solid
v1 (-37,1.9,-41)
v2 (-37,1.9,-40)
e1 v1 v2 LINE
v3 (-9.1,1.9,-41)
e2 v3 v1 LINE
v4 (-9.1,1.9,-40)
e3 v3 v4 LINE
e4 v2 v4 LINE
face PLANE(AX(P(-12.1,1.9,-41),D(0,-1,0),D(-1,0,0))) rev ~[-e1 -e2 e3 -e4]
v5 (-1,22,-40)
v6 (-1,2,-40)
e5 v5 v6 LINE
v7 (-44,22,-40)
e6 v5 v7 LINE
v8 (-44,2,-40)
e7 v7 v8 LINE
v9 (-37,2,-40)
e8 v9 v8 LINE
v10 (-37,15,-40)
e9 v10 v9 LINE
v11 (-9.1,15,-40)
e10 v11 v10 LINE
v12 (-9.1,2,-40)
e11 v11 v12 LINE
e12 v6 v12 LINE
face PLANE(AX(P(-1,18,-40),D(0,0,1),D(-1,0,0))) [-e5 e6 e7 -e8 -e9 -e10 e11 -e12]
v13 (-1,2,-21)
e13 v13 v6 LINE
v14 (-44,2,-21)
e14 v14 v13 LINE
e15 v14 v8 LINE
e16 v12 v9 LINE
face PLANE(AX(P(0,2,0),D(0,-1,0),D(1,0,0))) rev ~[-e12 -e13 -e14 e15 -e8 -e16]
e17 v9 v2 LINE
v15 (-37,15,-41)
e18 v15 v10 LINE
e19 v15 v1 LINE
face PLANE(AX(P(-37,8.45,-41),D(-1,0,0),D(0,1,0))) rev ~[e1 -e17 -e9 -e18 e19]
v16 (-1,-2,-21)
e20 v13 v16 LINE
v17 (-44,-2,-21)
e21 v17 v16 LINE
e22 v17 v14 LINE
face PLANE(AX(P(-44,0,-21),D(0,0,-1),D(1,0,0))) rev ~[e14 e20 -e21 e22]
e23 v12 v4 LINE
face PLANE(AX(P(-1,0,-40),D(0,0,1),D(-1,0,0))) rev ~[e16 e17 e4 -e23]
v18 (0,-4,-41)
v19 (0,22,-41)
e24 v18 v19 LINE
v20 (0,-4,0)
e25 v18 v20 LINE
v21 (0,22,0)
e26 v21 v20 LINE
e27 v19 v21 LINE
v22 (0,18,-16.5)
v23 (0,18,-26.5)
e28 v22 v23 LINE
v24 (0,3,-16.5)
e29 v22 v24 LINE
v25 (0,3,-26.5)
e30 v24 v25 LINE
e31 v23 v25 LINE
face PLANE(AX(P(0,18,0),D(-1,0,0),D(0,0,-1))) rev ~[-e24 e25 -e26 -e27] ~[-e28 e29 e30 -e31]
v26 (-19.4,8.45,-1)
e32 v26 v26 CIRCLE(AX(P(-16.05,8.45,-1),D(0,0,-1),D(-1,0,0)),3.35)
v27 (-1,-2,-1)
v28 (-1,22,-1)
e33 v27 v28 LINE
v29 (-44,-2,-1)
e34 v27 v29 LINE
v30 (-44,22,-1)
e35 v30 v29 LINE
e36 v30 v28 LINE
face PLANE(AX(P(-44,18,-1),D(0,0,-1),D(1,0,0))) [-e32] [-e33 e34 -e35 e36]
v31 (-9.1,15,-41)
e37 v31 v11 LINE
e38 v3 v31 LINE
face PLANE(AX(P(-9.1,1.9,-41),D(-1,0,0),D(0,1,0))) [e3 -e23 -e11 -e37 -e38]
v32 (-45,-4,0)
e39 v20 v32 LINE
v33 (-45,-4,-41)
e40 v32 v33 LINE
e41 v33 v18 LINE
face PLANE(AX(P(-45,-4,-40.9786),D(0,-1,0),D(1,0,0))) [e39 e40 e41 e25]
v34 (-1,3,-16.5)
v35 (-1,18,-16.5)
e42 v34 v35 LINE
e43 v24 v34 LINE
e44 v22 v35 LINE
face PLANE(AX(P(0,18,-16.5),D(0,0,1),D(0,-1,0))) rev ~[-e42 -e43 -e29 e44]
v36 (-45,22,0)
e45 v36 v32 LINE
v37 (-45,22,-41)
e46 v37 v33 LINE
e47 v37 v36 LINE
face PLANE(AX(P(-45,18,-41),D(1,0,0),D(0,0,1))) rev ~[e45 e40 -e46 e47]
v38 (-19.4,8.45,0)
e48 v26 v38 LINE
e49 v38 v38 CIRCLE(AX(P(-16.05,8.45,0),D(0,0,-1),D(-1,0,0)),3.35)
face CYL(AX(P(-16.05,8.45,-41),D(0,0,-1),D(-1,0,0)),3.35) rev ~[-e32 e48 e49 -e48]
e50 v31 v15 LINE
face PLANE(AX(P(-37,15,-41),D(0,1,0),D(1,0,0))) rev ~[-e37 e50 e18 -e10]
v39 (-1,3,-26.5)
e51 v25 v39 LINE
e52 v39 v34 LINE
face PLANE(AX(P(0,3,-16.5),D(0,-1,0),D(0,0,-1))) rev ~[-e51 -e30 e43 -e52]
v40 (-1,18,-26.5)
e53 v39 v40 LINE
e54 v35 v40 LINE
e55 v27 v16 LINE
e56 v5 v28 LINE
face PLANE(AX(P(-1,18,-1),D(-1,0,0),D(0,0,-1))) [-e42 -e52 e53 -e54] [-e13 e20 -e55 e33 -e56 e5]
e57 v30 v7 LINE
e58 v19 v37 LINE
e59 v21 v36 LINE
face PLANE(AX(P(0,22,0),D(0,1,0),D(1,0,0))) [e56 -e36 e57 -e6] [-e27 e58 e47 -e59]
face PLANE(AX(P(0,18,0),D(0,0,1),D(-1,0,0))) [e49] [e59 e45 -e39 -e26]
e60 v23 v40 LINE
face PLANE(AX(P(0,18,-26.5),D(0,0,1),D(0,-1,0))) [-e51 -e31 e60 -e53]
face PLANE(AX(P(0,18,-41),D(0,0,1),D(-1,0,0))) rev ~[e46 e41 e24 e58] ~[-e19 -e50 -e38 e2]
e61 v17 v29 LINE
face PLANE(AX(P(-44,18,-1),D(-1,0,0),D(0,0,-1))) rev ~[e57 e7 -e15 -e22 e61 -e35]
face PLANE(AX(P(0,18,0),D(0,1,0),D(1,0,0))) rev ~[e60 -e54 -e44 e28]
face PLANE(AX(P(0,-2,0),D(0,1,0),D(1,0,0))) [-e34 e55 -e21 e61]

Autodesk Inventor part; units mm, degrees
ref_plane "YZ Plane" through (0, 0, 0) normal (1, 0, 0) x (0, 1, 0)
ref_plane "XZ Plane" through (0, 0, 0) normal (0, 1, 0) x (-1, 0, 0)
ref_plane "XY Plane" through (0, 0, 0) normal (0, 0, 1) x (1, 0, 0)
sketch "Szkic1" plane through (0, 0, 0) normal (0, 1, 0) x (-1, 0, 0)
  line L0 (0, 0) -> (45, 0)
  line L1 (45, 0) -> (45, -41)
  line L2 (45, -41) -> (0, -41)
  line L3 (0, -41) -> (0, 0)
  line L4 (45, 0) -> (44, 0)
  line L5 (44, 0) -> (44, -1)
  line L6 (0, -41) -> (0, -40)
  line L7 (0, -40) -> (1, -40)
  line L8 (1, -40) -> (44, -40)
  line L9 (44, -40) -> (44, -1)
  line L10 (44, -1) -> (1, -1)
  line L11 (1, -1) -> (1, -40)
  dimension "d0" = 45
  dimension "d1" = 41
  dimension "d2" = 1
  dimension "d3" = 1
  dimension "d4" = 1
  dimension "d5" = 1
extrude "Wyciągnięcie proste1" add sketch "Szkic1" along normal blind 18 contours L0 L5 L10 L11 L7 L3 | L0 L1 L2 L3 L7 L8 L9 L5
sketch "Szkic2" plane through (0, 0, -41) normal (0, 0, -1) x (-1, 0, 0)
  line L0 (40, 15) -> (12.1, 15)
  line L1 (12.1, 15) -> (12.1, 1.9)
  line L2 (12.1, 1.9) -> (40, 1.9)
  line L3 (40, 1.9) -> (40, 15)
  line L4 (40, 8.45) -> (38, 8.45)
  line L5 (12.1, 8.45) -> (10.1, 8.45)
  line L6 (10.1, 8.45) -> (38, 8.45)
  line L7 (38, 8.45) -> (38, 15)
  line L8 (38, 15) -> (10.1, 15)
  line L9 (10.1, 15) -> (10.1, 8.45)
  line L10 (38, 8.45) -> (10.1, 8.45)
  line L11 (10.1, 8.45) -> (10.1, 1.9)
  line L12 (10.1, 1.9) -> (38, 1.9)
  line L13 (38, 1.9) -> (38, 8.45)
  line L14 (10.1, 1.9) -> (9.1, 1.9)
  line L15 (9.1, 1.9) -> (9.1, 15)
  line L16 (9.1, 15) -> (10.1, 15)
  line L17 (10.1, 15) -> (10.1, 1.9)
  line L18 (38, 1.9) -> (37, 1.9)
  line L19 (37, 1.9) -> (37, 15)
  line L20 (37, 15) -> (38, 15)
  line L21 (38, 15) -> (38, 1.9)
  point P0 (0, 0)
  point P1 (10.1, 15)
  dimension "d8" = 27.9
  dimension "d9" = 13.1
  dimension "d33" = 2
  dimension "d34" = 2
  dimension "d35" = 1
  dimension "d36" = 1
extrude "Wyciągnięcie proste2" cut sketch "Szkic2" against normal blind 5.25 contours L19 L6 L1 L0 | L1 L5 L9 L8 | L19 L2 L1 L6 | L1 L12 L11 L5 | L9 L11 L14 L15 L16
sketch "Szkic3" plane through (0, 0, -41) normal (0, 0, -1) x (-1, 0, 0)
  line L0 (12.1, 1.9) -> (12.1, 15) projected
  line L1 (12.1, 8.45) -> (21.9, 8.45)
  line L2 (21.9, 8.45) -> (19.05, 8.45)
  circle A0 centre (19.05, 8.45) radius 3.35
  line L3 (19.05, 8.45) -> (16.05, 8.45)
  circle A1 centre (16.05, 8.45) radius 3.35
  point P0 (0, 0)
  dimension "d12" = 9.8
  dimension "d13" = 2.85
  dimension "d14" = 6.7
  dimension "d37" = 3
  dimension "d38" = 6.7
extrude "Wyciągnięcie proste3" cut sketch "Szkic3" against normal blind 48.25 contours L1 A0 A1 | L1 A1 A0 | A0 A1 L1 | L1 A1 A0
sketch "Szkic4" plane through (0, 0, 0) normal (1, 0, 0) x (0, 0, -1)
  line L0 (1, 18) -> (40, 18) projected
  line L1 (20.5, 18) -> (26.5, 18)
  line L2 (26.5, 18) -> (26.5, 3)
  line L3 (26.5, 3) -> (20.5, 3)
  line L4 (20.5, 3) -> (20.5, 18)
  line L5 (20.5, 18) -> (16.5, 18)
  line L6 (16.5, 18) -> (16.5, 3)
  line L7 (16.5, 3) -> (20.5, 3)
  line L8 (20.5, 3) -> (20.5, 18)
  point P0 (0, 0)
  dimension "d17" = 6
  dimension "d18" = 15
  dimension "d19" = 4
extrude "Wyciągnięcie proste4" cut sketch "Szkic4" against normal blind 24.25
sketch "Szkic5" plane through (0, 0, 0) normal (0, -1, 0) x (1, 0, 0)
  line L0 (-1, -40) -> (-1, -26.5) projected
  line L1 (-44, -1) -> (-44, -40) projected
  line L2 (-1, -40) -> (-44, -40)
  line L3 (-44, -40) -> (-44, -21)
  line L4 (-44, -21) -> (-1, -21)
  line L5 (-1, -21) -> (-1, -40)
  line L6 (0, 0) -> (0, -41) projected
  line L7 (0, -41) -> (-45, -41) projected
  line L8 (0, -21) -> (-45, -21)
  line L9 (-45, -21) -> (-45, -41)
  line L10 (-45, -41) -> (0, -41)
  line L11 (0, -41) -> (0, -21)
  dimension "d22" = 19
extrude "Wyciągnięcie proste5" add sketch "Szkic5" against normal blind 2 contours L2 L1 L4 L5 L0
sketch "Szkic6" plane through (0, 0, 0) normal (0, -1, 0) x (1, 0, 0)
  line L0 (0, 0) -> (-45, 0)
  line L1 (-45, 0) -> (-45, -40.9786)
  line L2 (-45, -40.9786) -> (0, -40.9786)
  line L3 (0, -40.9786) -> (0, 0)
extrude "Wyciągnięcie proste6" add sketch "Szkic6" along normal blind 4
sketch "Szkic7" plane through (0, 0, 0) normal (0, 1, 0) x (1, 0, 0)
  line L0 (-1, 1) -> (-44, 1) projected
  line L1 (-44, 21) -> (-1, 21) projected
  line L2 (-44, 1) -> (-1, 1)
  line L3 (-1, 1) -> (-1, 21)
  line L4 (-1, 21) -> (-44, 21)
  line L5 (-44, 21) -> (-44, 1)
  point P0 (0, 0)
extrude "Wyciągnięcie proste7" cut sketch "Szkic7" against normal blind 2
sketch "Szkic8" plane through (0, 0, -40.9786) normal (0, 0, -1) x (-1, 0, 0)
  line L0 (45, -4) -> (0, -4) projected
  line L1 (0, 0) -> (45, 0) projected
  line L2 (45, -4) -> (0, -4)
  line L3 (0, -4) -> (0, 0)
  line L4 (0, 0) -> (45, 0)
  line L5 (45, 0) -> (45, -4)
extrude "Wyciągnięcie proste8" add sketch "Szkic8" along normal blind 0.0214
sketch "Szkic9" plane through (0, 18, 0) normal (0, 1, 0) x (1, 0, 0)
  line L0 (0, 26.5) -> (0, 41) projected
  line L1 (0, 0) -> (-45, 0) projected
  line L2 (0, 41) -> (-45, 41)
  line L3 (-45, 41) -> (-45, 0)
  line L4 (-45, 0) -> (0, 0)
  line L5 (0, 0) -> (0, 41)
  line L6 (-1, 40) -> (-1, 26.5) projected
  line L7 (-44, 1) -> (-44, 40) projected
  line L8 (-1, 40) -> (-44, 40)
  line L9 (-44, 40) -> (-44, 1)
  line L10 (-44, 1) -> (-1, 1)
  line L11 (-1, 1) -> (-1, 40)
extrude "Wyciągnięcie proste9" add sketch "Szkic9" along normal blind 4
sketch "Szkic10" plane through (0, -4, -41) normal (0, 0, -1) x (-1, 0, 0)
  circle A0 centre (16.05, 12.45) radius 3.35 projected
  circle A1 centre (16.05, 12.45) radius 3.35
  point P0 (0, 4)
